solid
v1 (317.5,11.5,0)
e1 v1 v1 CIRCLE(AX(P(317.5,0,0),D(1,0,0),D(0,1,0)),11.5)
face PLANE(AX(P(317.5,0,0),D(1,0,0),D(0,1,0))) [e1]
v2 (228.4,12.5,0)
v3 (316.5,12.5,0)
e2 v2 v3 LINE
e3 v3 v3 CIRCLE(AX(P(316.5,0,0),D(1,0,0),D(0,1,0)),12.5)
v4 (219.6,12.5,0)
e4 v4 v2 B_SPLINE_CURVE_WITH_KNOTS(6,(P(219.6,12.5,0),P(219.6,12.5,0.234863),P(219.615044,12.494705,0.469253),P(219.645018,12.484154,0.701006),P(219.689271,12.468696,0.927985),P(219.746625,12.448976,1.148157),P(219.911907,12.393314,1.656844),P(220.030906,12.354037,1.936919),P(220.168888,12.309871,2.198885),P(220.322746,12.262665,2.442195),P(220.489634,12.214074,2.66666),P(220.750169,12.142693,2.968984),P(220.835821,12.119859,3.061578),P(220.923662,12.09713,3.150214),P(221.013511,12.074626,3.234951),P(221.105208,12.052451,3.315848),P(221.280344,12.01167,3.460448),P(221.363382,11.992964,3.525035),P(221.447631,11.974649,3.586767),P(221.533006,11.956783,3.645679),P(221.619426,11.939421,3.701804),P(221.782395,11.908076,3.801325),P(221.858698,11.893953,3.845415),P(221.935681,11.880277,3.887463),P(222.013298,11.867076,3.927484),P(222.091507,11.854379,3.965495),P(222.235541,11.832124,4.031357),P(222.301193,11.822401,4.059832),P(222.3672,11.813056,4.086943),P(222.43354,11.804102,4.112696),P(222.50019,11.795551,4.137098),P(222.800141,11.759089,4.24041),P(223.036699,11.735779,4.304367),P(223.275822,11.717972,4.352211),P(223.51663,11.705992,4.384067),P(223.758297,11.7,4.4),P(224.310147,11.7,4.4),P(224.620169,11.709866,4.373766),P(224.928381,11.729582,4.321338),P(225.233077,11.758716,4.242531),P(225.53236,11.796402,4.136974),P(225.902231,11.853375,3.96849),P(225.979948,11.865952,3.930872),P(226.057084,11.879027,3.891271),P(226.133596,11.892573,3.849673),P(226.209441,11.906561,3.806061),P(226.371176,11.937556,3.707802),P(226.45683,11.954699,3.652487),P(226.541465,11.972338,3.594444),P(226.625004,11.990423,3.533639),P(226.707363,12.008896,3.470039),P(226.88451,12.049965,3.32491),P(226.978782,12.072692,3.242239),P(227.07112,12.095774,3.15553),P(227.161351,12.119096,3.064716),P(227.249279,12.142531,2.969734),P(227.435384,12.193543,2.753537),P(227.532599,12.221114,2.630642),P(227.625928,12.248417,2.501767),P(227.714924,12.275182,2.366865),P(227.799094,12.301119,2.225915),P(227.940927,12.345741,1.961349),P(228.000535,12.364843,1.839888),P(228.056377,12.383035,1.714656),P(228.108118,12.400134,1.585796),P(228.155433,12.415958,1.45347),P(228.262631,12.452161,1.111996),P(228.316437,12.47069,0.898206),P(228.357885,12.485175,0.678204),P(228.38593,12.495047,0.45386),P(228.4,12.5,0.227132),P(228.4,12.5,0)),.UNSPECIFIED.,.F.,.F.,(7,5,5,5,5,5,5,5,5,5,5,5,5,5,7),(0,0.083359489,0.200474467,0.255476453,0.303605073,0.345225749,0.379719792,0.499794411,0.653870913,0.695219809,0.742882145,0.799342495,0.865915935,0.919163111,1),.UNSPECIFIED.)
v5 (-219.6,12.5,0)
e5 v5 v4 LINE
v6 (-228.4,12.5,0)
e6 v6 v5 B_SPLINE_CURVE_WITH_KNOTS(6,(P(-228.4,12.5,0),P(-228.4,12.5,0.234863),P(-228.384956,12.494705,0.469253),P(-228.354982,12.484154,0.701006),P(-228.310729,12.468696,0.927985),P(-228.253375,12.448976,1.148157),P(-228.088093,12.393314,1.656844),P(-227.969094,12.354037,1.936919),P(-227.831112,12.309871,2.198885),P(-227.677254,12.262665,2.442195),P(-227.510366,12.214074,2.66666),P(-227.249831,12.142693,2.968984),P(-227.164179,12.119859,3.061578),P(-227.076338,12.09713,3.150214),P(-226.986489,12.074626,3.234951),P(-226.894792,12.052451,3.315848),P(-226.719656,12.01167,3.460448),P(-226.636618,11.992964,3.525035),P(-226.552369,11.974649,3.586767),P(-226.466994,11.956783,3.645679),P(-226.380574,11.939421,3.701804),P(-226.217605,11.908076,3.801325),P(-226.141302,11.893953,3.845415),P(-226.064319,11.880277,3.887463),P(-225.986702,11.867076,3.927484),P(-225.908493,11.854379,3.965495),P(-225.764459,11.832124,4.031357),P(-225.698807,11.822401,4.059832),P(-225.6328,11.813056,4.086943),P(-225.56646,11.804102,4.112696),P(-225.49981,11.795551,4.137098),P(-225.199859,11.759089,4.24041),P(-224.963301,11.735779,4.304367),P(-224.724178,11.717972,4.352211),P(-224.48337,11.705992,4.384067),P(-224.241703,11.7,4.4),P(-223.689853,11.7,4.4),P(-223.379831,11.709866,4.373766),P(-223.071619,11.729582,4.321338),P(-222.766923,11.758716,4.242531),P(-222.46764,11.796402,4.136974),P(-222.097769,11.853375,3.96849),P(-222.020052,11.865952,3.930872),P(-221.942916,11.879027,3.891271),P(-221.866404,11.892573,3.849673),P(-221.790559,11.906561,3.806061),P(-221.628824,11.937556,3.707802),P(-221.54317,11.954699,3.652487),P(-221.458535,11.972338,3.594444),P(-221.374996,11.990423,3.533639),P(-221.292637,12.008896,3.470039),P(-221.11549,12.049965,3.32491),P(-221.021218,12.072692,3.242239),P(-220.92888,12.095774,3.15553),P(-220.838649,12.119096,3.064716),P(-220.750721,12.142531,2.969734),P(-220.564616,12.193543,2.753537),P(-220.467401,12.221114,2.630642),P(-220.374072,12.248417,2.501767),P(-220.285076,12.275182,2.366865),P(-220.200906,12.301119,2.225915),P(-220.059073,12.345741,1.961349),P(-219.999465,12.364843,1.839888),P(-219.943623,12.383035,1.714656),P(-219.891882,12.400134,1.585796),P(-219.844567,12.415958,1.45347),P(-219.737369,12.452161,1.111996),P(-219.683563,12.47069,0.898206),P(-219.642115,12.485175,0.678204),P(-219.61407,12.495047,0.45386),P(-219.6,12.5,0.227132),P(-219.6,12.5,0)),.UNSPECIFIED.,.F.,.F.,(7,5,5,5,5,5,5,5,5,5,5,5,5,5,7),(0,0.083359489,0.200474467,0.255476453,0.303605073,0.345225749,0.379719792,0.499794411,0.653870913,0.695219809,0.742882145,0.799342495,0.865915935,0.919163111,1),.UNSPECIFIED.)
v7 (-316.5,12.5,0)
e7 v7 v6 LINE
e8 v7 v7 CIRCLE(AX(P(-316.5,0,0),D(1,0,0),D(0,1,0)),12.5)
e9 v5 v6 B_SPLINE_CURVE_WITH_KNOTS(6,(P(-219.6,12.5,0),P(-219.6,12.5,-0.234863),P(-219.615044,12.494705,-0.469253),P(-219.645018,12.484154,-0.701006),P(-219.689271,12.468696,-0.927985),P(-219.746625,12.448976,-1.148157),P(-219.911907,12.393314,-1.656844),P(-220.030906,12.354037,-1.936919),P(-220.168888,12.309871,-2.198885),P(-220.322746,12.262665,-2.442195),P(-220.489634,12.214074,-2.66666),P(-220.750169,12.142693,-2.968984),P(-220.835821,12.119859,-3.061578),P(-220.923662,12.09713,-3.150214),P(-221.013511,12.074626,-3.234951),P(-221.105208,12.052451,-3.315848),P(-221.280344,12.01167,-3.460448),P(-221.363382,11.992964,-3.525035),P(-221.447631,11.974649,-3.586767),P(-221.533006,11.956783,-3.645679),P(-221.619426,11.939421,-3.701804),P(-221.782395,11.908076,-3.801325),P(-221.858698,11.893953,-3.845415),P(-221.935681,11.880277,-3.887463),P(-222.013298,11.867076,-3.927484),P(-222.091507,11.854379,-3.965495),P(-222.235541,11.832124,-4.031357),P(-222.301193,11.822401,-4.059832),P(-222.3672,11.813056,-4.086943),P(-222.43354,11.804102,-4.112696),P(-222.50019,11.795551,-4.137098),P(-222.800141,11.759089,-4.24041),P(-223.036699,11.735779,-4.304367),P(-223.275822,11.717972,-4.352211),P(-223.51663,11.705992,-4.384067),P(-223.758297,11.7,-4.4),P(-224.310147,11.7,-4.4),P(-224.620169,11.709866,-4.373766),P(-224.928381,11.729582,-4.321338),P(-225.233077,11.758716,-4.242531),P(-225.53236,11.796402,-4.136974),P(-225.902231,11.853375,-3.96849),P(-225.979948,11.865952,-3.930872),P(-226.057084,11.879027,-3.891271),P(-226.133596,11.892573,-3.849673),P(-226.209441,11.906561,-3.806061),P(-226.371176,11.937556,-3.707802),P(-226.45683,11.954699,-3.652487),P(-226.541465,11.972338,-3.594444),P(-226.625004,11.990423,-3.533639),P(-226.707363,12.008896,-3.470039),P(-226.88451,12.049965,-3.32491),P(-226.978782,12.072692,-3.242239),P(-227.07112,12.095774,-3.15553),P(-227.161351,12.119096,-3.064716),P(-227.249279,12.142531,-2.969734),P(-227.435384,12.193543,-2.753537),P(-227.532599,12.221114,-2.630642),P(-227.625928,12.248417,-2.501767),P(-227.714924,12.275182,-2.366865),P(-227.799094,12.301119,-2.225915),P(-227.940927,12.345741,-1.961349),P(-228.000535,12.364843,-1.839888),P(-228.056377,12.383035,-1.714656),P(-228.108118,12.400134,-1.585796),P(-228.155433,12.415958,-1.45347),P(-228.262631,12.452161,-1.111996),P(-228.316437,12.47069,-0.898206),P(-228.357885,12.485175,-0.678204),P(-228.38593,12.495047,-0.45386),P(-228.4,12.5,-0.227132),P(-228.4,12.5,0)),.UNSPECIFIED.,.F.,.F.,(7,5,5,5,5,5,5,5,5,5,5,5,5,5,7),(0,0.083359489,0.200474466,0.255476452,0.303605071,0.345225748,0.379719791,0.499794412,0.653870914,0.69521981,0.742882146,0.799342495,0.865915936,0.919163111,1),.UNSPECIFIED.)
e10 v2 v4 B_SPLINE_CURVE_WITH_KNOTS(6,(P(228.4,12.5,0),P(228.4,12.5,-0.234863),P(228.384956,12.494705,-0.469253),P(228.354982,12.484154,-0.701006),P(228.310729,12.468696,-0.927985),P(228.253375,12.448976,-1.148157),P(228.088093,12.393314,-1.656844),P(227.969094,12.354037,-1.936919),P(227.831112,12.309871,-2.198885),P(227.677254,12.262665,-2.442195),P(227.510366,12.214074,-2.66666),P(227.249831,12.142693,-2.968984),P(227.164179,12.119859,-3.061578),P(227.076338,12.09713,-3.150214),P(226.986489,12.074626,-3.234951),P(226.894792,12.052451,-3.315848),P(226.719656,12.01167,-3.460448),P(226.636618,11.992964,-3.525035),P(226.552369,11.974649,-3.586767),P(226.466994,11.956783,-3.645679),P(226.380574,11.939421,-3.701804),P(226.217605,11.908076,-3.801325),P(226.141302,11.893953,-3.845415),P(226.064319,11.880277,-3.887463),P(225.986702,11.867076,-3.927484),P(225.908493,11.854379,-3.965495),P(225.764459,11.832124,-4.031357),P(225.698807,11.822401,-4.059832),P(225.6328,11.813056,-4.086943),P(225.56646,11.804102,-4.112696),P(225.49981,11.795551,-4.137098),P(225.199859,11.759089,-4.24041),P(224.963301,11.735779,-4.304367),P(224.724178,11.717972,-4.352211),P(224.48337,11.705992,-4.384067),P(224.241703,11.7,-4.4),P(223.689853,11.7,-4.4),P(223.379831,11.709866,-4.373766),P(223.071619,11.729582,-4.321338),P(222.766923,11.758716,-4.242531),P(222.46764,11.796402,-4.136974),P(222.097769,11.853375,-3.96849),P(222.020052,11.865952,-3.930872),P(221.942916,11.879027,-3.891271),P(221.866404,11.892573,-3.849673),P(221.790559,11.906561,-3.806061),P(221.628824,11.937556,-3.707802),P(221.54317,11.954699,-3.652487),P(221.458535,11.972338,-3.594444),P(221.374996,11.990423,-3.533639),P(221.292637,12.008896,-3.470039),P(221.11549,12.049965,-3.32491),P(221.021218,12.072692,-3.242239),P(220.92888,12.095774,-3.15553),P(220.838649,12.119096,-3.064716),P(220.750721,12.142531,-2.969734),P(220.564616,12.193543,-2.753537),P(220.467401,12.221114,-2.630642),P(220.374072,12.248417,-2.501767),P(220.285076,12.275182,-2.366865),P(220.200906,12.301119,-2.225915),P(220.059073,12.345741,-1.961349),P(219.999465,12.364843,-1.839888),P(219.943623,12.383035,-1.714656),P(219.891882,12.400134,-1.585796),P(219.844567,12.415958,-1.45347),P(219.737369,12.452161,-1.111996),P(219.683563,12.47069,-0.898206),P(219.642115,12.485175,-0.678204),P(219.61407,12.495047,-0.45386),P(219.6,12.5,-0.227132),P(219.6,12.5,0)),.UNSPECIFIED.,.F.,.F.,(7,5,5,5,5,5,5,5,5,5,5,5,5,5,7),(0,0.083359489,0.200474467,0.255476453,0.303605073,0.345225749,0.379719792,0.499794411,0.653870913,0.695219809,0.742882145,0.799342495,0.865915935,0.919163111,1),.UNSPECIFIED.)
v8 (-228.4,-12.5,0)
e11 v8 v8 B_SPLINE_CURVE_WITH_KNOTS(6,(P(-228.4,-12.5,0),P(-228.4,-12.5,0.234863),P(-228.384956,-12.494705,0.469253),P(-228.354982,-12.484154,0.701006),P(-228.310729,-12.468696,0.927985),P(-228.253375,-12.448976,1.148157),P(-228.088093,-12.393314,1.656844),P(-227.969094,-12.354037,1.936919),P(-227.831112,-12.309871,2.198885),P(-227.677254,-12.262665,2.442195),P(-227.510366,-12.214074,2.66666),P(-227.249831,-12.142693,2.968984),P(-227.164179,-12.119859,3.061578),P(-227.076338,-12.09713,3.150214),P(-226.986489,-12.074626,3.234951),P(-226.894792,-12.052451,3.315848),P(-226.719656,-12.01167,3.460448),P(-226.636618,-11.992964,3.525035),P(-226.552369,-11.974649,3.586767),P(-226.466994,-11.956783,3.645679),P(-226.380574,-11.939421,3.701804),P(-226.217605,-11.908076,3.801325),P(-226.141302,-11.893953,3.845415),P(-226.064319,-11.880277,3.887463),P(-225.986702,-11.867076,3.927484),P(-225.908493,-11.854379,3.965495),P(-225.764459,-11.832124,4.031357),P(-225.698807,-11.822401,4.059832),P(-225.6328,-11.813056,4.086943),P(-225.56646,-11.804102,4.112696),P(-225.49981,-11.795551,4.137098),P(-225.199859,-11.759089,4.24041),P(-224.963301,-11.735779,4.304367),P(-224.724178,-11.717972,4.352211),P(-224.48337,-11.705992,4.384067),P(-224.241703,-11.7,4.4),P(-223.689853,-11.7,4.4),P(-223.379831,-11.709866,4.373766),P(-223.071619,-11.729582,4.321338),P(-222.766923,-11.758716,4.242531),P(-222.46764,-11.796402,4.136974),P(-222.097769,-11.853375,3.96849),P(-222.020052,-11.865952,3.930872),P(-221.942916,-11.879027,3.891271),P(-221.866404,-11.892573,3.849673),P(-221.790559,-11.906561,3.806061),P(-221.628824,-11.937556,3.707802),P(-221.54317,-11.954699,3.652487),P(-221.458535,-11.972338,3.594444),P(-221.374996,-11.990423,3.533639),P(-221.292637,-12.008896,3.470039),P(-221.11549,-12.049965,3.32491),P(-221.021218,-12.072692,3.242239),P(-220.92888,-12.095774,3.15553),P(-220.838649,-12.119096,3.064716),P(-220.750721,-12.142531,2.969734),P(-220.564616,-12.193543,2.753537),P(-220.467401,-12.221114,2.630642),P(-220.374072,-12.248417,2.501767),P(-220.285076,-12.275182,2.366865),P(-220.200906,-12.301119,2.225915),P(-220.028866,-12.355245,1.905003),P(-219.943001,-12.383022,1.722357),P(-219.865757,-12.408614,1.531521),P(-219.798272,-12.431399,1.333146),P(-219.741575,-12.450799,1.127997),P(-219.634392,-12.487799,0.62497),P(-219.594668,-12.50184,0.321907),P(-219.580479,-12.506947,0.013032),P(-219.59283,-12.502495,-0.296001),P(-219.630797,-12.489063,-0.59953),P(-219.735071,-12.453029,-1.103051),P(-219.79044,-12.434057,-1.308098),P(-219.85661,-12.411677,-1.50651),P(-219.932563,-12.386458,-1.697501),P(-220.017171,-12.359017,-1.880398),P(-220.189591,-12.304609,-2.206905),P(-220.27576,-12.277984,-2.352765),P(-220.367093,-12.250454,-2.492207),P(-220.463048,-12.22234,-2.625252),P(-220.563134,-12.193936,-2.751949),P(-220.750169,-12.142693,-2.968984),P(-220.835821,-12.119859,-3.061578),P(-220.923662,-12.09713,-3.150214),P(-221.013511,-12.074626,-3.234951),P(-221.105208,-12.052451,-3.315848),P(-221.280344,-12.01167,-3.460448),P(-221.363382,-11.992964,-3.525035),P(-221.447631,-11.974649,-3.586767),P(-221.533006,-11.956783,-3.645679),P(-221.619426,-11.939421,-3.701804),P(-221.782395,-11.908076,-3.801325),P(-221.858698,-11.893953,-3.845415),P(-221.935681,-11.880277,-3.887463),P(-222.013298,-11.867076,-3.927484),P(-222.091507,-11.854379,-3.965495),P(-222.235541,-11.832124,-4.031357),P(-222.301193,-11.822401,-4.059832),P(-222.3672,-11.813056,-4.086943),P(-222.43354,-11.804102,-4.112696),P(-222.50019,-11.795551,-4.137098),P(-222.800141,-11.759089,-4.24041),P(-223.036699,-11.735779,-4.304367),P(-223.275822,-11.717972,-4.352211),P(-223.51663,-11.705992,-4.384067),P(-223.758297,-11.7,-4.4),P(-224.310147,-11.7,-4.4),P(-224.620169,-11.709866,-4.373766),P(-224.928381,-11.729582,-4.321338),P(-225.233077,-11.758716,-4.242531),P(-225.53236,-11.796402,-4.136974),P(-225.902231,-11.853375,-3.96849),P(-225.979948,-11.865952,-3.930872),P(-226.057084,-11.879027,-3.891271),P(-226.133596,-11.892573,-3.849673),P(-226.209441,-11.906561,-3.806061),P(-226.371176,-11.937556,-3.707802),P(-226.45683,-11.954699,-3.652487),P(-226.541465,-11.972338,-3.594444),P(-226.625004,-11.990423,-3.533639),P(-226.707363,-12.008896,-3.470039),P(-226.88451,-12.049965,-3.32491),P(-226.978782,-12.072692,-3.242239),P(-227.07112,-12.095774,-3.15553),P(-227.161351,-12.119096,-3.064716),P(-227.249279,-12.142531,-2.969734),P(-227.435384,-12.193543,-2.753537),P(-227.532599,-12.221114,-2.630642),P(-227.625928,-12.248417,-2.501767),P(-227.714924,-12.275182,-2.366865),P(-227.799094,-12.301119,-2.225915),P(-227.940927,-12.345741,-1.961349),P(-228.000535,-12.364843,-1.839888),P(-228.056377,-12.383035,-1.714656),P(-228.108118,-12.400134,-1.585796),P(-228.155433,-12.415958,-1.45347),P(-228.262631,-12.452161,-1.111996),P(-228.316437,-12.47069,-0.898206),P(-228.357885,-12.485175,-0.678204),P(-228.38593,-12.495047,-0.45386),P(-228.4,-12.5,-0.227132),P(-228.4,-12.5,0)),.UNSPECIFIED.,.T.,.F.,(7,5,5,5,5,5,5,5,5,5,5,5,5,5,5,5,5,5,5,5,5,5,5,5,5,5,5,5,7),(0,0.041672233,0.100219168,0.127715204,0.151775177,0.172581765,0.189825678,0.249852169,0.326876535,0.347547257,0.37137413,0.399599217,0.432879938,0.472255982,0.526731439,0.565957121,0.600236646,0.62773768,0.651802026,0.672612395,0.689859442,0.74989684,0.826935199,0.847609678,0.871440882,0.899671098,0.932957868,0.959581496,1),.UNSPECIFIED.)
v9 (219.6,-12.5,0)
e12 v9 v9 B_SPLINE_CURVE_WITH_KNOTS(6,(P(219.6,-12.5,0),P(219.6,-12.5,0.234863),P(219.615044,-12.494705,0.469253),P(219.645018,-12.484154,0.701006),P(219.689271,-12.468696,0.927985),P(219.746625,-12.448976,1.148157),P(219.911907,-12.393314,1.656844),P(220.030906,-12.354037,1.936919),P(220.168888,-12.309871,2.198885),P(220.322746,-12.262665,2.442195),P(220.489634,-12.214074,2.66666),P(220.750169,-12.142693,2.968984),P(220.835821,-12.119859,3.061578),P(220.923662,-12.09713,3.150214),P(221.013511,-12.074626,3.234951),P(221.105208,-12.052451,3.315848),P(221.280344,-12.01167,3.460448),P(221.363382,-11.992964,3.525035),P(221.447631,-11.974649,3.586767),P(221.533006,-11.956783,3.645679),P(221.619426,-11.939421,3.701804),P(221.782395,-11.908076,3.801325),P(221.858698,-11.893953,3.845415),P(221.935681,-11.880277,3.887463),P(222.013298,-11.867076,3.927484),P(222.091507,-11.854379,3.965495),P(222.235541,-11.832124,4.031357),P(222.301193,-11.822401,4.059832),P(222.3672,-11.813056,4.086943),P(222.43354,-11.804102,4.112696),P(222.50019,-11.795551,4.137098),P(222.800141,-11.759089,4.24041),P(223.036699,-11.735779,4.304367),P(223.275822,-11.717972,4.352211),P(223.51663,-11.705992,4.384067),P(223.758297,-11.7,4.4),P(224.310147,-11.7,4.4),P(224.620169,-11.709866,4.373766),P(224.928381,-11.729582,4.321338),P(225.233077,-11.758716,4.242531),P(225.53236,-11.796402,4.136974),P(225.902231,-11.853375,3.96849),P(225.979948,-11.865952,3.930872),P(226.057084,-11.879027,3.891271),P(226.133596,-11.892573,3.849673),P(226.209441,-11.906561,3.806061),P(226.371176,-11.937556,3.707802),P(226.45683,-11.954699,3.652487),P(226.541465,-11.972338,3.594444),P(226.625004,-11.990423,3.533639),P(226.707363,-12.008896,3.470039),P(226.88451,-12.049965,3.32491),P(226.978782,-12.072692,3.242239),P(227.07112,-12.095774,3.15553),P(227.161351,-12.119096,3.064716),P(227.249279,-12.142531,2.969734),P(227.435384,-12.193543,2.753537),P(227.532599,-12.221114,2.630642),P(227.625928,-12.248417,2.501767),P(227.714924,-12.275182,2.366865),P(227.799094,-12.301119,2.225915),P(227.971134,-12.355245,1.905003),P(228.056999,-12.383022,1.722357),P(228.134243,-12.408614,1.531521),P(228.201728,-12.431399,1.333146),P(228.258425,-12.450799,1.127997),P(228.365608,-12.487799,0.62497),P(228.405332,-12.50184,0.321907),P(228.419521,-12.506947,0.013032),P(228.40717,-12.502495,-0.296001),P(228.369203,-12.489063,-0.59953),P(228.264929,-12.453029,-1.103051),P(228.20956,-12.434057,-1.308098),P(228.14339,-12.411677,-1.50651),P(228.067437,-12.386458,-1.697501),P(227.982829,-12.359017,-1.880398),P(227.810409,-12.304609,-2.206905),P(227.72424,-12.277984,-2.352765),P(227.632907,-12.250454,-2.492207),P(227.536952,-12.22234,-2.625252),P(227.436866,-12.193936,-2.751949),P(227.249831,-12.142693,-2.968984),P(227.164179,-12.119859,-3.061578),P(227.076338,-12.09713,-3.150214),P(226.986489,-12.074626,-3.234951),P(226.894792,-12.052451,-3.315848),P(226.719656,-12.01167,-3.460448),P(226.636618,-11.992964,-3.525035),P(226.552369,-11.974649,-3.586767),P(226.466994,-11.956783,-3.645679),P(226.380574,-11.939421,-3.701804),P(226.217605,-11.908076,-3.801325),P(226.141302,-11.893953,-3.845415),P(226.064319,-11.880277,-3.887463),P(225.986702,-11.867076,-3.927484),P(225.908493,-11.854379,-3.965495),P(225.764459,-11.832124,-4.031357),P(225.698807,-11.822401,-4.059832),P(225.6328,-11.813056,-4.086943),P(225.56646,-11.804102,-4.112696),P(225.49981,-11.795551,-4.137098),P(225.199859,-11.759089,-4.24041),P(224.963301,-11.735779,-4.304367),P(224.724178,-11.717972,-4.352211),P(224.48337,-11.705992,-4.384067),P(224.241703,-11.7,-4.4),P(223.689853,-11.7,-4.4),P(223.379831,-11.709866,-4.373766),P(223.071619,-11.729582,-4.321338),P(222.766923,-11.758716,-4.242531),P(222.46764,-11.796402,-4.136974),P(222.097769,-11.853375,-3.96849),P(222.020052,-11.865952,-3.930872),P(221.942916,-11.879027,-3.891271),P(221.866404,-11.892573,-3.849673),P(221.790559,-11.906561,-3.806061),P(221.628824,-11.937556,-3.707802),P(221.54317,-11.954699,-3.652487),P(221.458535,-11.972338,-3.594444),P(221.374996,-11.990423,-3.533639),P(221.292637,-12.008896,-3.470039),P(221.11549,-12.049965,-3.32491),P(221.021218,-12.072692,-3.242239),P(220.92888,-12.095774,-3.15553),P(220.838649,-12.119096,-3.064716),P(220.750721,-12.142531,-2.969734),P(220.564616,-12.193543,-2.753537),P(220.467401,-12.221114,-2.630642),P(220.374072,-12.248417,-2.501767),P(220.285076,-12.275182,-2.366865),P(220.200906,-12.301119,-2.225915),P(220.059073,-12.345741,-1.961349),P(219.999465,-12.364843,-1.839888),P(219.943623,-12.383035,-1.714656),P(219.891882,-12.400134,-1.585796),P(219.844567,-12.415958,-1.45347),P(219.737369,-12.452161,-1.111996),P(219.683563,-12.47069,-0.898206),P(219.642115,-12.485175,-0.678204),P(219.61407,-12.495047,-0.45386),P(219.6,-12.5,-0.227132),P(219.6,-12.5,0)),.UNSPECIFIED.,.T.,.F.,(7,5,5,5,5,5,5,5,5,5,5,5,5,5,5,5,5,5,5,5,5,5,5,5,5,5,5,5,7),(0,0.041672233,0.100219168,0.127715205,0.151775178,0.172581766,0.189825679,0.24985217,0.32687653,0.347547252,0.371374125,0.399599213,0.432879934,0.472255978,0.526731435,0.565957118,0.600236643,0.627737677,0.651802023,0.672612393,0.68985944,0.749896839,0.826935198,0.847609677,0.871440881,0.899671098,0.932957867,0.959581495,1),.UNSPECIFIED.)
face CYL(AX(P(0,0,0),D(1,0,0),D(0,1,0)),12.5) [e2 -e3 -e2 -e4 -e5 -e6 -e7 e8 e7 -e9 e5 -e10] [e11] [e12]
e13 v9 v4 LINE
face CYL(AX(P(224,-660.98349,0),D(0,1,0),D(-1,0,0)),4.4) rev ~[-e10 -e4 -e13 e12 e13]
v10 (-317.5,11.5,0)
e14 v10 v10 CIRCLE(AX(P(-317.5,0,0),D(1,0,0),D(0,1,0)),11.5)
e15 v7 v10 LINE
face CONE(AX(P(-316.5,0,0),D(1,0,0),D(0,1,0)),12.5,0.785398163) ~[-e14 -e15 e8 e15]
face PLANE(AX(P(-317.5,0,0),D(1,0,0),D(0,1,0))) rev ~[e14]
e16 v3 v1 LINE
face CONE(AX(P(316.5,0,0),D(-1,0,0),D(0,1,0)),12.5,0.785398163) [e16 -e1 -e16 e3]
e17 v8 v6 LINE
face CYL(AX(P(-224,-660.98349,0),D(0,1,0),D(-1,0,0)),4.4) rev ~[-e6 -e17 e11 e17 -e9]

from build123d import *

# Parameters (mm, degrees)
F0_R     = 12.5
F1_DEPTH = 317.5
F4_D     = 8.8
F5_SIZE  = 1


with BuildPart() as f1:
    # F0 (on Right) → F1 (new body, symmetric)
    with BuildSketch(Plane.YZ):
        Circle(F0_R)
    extrude(amount=F1_DEPTH, both=True)

    # F4 (through all)
    with Locations(Plane.XZ.offset(25)):
        with Locations((-224, 0), (224, 0)):
            Hole(F4_D / 2)

    # F5
    f5_edges = [f1.edges().sort_by_distance(p)[0] for p in [
        (317.5, -12.5, 0),
        (-317.5, -12.5, 0),
    ]]
    chamfer(f5_edges, length=F5_SIZE)


solid = f1.part
